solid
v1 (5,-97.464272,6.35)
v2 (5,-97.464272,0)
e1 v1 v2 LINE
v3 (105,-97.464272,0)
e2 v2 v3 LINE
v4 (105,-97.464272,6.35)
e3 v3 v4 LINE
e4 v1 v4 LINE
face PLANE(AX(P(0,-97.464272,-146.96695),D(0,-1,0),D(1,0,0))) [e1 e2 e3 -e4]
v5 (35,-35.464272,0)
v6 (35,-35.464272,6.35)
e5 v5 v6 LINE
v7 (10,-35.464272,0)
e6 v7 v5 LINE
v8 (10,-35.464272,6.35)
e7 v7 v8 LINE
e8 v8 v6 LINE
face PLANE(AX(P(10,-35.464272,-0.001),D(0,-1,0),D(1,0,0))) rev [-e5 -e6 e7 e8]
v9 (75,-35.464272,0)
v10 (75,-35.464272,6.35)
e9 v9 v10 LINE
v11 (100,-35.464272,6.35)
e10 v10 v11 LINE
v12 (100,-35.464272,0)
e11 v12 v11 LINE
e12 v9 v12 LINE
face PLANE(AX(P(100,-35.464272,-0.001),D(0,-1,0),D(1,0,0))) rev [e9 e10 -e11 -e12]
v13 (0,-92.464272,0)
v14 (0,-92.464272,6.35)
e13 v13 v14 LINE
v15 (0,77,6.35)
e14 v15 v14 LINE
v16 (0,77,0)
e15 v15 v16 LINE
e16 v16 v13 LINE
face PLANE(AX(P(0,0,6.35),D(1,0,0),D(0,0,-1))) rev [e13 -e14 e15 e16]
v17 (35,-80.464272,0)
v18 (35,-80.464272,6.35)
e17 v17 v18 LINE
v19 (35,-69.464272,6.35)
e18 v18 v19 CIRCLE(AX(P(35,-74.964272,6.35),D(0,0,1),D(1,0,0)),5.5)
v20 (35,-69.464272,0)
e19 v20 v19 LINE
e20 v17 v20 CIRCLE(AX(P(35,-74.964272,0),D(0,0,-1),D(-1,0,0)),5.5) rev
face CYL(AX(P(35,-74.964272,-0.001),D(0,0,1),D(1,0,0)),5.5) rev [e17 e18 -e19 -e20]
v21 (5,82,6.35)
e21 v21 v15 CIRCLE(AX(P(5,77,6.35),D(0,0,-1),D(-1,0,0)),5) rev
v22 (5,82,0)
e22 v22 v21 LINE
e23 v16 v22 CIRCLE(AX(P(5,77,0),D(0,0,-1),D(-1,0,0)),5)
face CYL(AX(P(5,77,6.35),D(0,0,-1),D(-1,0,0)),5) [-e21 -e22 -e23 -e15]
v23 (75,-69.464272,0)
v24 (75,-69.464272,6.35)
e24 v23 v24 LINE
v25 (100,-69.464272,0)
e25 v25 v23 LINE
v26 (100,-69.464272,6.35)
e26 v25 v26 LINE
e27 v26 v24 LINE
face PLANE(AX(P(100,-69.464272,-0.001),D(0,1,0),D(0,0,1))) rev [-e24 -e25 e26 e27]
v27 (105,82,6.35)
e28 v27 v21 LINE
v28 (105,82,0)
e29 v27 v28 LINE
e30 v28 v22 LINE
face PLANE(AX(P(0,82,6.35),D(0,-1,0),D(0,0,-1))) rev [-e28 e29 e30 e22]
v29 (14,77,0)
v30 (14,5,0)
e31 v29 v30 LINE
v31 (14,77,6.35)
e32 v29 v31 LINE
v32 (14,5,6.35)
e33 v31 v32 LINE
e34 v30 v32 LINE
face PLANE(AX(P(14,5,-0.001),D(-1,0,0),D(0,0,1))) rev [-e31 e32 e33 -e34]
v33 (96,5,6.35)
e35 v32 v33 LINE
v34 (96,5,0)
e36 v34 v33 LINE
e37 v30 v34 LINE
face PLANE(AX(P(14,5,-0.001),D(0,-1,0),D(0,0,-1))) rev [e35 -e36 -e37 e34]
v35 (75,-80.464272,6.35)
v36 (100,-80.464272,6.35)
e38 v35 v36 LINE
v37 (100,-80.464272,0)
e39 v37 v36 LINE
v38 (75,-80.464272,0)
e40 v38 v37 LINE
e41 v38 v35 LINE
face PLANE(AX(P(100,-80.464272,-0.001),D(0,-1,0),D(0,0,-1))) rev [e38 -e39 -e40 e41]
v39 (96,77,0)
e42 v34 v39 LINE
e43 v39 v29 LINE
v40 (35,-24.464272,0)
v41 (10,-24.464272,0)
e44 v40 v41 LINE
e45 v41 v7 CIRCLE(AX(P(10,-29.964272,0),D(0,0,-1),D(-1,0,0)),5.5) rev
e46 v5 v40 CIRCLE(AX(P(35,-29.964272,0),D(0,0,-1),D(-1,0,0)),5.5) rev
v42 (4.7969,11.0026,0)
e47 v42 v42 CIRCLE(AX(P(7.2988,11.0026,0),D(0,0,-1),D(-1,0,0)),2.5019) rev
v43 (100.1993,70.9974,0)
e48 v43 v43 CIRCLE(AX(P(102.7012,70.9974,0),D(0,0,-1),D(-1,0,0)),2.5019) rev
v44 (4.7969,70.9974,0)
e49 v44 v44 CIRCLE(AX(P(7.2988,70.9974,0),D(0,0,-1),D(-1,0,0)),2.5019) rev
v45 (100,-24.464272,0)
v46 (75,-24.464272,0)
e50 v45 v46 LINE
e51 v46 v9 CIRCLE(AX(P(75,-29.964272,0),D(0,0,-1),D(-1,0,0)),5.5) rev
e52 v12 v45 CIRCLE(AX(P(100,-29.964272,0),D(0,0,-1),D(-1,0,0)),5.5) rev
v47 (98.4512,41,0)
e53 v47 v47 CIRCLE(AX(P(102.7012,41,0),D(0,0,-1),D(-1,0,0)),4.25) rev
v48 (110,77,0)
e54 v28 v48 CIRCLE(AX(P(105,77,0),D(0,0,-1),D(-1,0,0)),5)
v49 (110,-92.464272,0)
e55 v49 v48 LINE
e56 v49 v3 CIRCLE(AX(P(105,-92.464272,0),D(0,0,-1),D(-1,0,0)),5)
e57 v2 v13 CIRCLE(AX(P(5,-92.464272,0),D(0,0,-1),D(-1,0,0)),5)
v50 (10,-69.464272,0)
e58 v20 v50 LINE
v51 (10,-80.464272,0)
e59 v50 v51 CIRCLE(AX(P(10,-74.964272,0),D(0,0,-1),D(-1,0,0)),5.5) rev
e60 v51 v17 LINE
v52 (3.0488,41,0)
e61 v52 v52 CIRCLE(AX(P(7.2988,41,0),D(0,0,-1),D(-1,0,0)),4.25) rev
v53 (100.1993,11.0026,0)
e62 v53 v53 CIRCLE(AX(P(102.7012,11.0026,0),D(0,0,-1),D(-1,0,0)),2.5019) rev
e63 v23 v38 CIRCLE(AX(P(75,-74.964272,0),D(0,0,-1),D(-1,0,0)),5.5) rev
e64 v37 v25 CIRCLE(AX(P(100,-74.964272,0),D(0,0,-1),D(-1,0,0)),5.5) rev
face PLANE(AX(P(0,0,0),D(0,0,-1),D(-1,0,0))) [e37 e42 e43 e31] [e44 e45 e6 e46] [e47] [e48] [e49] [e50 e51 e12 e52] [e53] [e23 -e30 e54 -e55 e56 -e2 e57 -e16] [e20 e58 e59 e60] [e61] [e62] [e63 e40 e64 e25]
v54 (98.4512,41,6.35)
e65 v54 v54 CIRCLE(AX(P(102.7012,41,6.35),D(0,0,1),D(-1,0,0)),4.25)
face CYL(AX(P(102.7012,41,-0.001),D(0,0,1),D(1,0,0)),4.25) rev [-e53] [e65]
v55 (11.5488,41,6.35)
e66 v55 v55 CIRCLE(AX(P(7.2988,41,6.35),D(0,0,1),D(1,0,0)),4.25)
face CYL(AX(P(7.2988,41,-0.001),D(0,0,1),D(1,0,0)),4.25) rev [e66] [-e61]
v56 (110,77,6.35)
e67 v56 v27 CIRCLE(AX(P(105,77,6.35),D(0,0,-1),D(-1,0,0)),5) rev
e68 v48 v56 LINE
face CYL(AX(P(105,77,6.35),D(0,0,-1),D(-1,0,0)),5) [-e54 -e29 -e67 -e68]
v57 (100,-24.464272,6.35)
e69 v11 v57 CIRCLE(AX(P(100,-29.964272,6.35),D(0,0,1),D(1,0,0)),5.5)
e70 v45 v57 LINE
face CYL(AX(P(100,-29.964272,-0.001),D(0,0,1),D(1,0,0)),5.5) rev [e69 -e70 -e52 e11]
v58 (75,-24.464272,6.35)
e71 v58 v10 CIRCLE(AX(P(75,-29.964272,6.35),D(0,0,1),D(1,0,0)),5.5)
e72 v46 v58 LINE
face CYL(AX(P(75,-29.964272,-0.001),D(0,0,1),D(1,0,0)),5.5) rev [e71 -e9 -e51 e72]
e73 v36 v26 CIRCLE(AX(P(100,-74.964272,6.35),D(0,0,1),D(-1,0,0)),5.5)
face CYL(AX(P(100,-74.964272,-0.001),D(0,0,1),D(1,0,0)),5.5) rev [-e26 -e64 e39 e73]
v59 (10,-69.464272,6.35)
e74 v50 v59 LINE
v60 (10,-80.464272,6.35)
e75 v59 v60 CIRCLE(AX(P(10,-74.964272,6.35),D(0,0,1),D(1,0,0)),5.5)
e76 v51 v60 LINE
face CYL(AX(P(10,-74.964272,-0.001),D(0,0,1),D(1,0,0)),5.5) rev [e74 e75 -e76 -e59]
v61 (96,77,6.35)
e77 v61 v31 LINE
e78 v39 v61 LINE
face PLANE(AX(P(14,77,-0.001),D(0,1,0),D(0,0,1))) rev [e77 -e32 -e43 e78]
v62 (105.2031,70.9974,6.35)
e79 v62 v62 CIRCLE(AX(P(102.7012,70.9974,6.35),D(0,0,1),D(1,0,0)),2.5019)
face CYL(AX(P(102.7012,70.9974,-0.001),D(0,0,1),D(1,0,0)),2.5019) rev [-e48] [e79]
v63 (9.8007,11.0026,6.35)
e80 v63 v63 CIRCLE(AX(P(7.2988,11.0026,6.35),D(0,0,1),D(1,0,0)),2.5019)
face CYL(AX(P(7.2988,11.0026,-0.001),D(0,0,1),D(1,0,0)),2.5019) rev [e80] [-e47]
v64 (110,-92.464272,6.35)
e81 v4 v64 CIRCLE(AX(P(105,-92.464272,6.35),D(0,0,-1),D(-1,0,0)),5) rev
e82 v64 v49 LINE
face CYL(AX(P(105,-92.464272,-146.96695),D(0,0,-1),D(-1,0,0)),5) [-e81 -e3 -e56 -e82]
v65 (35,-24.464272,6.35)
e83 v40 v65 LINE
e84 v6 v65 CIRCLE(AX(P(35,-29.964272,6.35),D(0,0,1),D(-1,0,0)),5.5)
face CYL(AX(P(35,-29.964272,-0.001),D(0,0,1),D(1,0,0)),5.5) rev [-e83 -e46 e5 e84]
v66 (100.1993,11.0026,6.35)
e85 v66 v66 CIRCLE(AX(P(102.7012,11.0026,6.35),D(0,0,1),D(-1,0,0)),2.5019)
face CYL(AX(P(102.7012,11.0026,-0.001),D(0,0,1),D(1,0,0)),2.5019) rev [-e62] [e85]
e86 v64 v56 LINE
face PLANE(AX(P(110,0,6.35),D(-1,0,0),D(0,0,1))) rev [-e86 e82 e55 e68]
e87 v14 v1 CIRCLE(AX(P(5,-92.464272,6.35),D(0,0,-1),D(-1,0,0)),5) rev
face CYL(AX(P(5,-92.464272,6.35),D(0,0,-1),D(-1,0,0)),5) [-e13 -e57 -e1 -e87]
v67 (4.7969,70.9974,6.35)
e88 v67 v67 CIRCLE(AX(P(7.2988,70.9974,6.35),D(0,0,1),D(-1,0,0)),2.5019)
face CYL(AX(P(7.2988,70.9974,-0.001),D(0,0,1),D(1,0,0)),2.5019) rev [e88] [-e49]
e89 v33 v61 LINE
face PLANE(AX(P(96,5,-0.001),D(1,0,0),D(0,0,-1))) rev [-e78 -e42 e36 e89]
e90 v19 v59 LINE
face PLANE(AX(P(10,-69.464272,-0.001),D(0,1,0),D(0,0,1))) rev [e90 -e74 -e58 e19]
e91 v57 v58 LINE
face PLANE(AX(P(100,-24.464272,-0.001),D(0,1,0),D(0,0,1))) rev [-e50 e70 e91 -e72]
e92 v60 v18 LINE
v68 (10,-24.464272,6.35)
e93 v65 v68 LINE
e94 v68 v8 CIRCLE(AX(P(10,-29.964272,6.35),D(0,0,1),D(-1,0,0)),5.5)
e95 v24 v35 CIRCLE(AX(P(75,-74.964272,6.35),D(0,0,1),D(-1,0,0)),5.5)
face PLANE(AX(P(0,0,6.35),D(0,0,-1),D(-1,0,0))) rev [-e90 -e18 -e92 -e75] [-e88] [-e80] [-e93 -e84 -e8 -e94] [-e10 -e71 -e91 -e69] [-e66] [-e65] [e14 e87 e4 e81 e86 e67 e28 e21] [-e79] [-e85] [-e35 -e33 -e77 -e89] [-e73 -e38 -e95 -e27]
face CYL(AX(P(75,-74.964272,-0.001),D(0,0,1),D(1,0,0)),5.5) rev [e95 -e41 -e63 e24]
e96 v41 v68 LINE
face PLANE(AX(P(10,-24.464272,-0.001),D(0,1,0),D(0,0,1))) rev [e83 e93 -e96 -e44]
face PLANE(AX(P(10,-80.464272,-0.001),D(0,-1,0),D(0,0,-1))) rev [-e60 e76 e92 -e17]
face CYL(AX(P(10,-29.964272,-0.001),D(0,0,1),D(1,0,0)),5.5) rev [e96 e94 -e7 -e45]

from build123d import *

# Parameters (mm, degrees)
SKETCH1_W           = 110
SKETCH1_H           = 82
BOSS_EXTRUDE1_DEPTH = 6.35
CUT_EXTRUDE1_REACH  = 8.35
SKETCH2_W           = 82
SKETCH2_H           = 72
SKETCH3_W           = 110
SKETCH3_H           = 97.464272111
BOSS_EXTRUDE2_DEPTH = 6.35
CUT_EXTRUDE2_REACH  = 8.35
FILLET1_R           = 5
CUT_EXTRUDE3_REACH  = 8.35
SKETCH5_R           = 2.5019
SKETCH5_R_2         = 4.25


with BuildPart() as part:
    # Sketch1 → Boss-Extrude1 (new body)
    with BuildSketch(Plane.XY):
        with Locations((55, 41)):
            Rectangle(SKETCH1_W, SKETCH1_H)
    extrude(amount=BOSS_EXTRUDE1_DEPTH)

    # Sketch2 → Cut-Extrude1 (cut, up to next)
    with BuildSketch(Plane.XY.offset(6.35), mode=Mode.PRIVATE) as cut_extrude1_sk1:
        with Locations((55, 41)):
            Rectangle(SKETCH2_W, SKETCH2_H)
    cut_extrude1_tool1 = extrude(cut_extrude1_sk1.sketch, amount=-CUT_EXTRUDE1_REACH, mode=Mode.PRIVATE) & part.part
    add(cut_extrude1_tool1.solids().sort_by_distance((55, 41, 6.35))[0], mode=Mode.SUBTRACT)

    # Sketch3 → Boss-Extrude2 (add)
    with BuildSketch(Plane.XY.offset(6.35)):
        with Locations((55, -48.732136055)):
            Rectangle(SKETCH3_W, SKETCH3_H)
    extrude(amount=-BOSS_EXTRUDE2_DEPTH)

    # Sketch4 → Cut-Extrude2 (cut, up to next)
    with BuildSketch(Plane.XY.offset(6.35), mode=Mode.PRIVATE) as cut_extrude2_sk1:
        with BuildLine():
            Line((10, -69.464272111), (35, -69.464272111))
            ThreePointArc((35, -69.464272111), (40.5, -74.964272111), (35, -80.464272111))
            Line((35, -80.464272111), (10, -80.464272111))
            ThreePointArc((10, -80.464272111), (4.5, -74.964272111), (10, -69.464272111))
        make_face()
    cut_extrude2_tool1 = extrude(cut_extrude2_sk1.sketch, amount=-CUT_EXTRUDE2_REACH, mode=Mode.PRIVATE) & part.part
    add(cut_extrude2_tool1.solids().sort_by_distance((22.5, -74.964272, 6.35))[0], mode=Mode.SUBTRACT)
    # Sketch4 → Cut-Extrude2 (cut, up to next)
    with BuildSketch(Plane.XY.offset(6.35), mode=Mode.PRIVATE) as cut_extrude2_sk2:
        with BuildLine():
            Line((100, -69.464272111), (75, -69.464272111))
            ThreePointArc((75, -69.464272111), (69.5, -74.964272111), (75, -80.464272111))
            Line((75, -80.464272111), (100, -80.464272111))
            ThreePointArc((100, -80.464272111), (105.5, -74.964272111), (100, -69.464272111))
        make_face()
    cut_extrude2_tool2 = extrude(cut_extrude2_sk2.sketch, amount=-CUT_EXTRUDE2_REACH, mode=Mode.PRIVATE) & part.part
    add(cut_extrude2_tool2.solids().sort_by_distance((87.5, -74.964272, 6.35))[0], mode=Mode.SUBTRACT)
    # Sketch4 → Cut-Extrude2 (cut, up to next)
    with BuildSketch(Plane.XY.offset(6.35), mode=Mode.PRIVATE) as cut_extrude2_sk3:
        with BuildLine():
            Line((10, -35.464272111), (35, -35.464272111))
            ThreePointArc((35, -35.464272111), (40.5, -29.964272111), (35, -24.464272111))
            Line((35, -24.464272111), (10, -24.464272111))
            ThreePointArc((10, -24.464272111), (4.5, -29.964272111), (10, -35.464272111))
        make_face()
    cut_extrude2_tool3 = extrude(cut_extrude2_sk3.sketch, amount=-CUT_EXTRUDE2_REACH, mode=Mode.PRIVATE) & part.part
    add(cut_extrude2_tool3.solids().sort_by_distance((22.5, -29.964272, 6.35))[0], mode=Mode.SUBTRACT)
    # Sketch4 → Cut-Extrude2 (cut, up to next)
    with BuildSketch(Plane.XY.offset(6.35), mode=Mode.PRIVATE) as cut_extrude2_sk4:
        with BuildLine():
            Line((100, -35.464272111), (75, -35.464272111))
            ThreePointArc((75, -35.464272111), (69.5, -29.964272111), (75, -24.464272111))
            Line((75, -24.464272111), (100, -24.464272111))
            ThreePointArc((100, -24.464272111), (105.5, -29.964272111), (100, -35.464272111))
        make_face()
    cut_extrude2_tool4 = extrude(cut_extrude2_sk4.sketch, amount=-CUT_EXTRUDE2_REACH, mode=Mode.PRIVATE) & part.part
    add(cut_extrude2_tool4.solids().sort_by_distance((87.5, -29.964272, 6.35))[0], mode=Mode.SUBTRACT)

    # Fillet1
    fillet1_edges = [part.edges().sort_by_distance(p)[0] for p in [
        (110, -97.464272111, 3.175),
        (0, -97.464272111, 3.175),
        (0, 82, 3.175),
        (110, 82, 3.175),
    ]]
    fillet(fillet1_edges, radius=FILLET1_R)

    # Sketch5 → Cut-Extrude3 (cut, up to next)
    with BuildSketch(Plane.XY.offset(6.35), mode=Mode.PRIVATE) as cut_extrude3_sk1:
        with Locations((7.2988, 11.0026)):
            Circle(SKETCH5_R)
    cut_extrude3_tool1 = extrude(cut_extrude3_sk1.sketch, amount=-CUT_EXTRUDE3_REACH, mode=Mode.PRIVATE) & part.part
    add(cut_extrude3_tool1.solids().sort_by_distance((7.2988, 11.0026, 6.35))[0], mode=Mode.SUBTRACT)
    # Sketch5 → Cut-Extrude3 (cut, up to next)
    with BuildSketch(Plane.XY.offset(6.35), mode=Mode.PRIVATE) as cut_extrude3_sk2:
        with Locations((7.2988, 70.9974)):
            Circle(SKETCH5_R)
    cut_extrude3_tool2 = extrude(cut_extrude3_sk2.sketch, amount=-CUT_EXTRUDE3_REACH, mode=Mode.PRIVATE) & part.part
    add(cut_extrude3_tool2.solids().sort_by_distance((7.2988, 70.9974, 6.35))[0], mode=Mode.SUBTRACT)
    # Sketch5 → Cut-Extrude3 (cut, up to next)
    with BuildSketch(Plane.XY.offset(6.35), mode=Mode.PRIVATE) as cut_extrude3_sk3:
        with Locations((102.7012, 70.9974)):
            Circle(SKETCH5_R)
    cut_extrude3_tool3 = extrude(cut_extrude3_sk3.sketch, amount=-CUT_EXTRUDE3_REACH, mode=Mode.PRIVATE) & part.part
    add(cut_extrude3_tool3.solids().sort_by_distance((102.7012, 70.9974, 6.35))[0], mode=Mode.SUBTRACT)
    # Sketch5 → Cut-Extrude3 (cut, up to next)
    with BuildSketch(Plane.XY.offset(6.35), mode=Mode.PRIVATE) as cut_extrude3_sk4:
        with Locations((102.7012, 11.0026)):
            Circle(SKETCH5_R)
    cut_extrude3_tool4 = extrude(cut_extrude3_sk4.sketch, amount=-CUT_EXTRUDE3_REACH, mode=Mode.PRIVATE) & part.part
    add(cut_extrude3_tool4.solids().sort_by_distance((102.7012, 11.0026, 6.35))[0], mode=Mode.SUBTRACT)
    # Sketch5 → Cut-Extrude3 (cut, up to next)
    with BuildSketch(Plane.XY.offset(6.35), mode=Mode.PRIVATE) as cut_extrude3_sk5:
        with Locations((7.2988, 41)):
            Circle(SKETCH5_R_2)
    cut_extrude3_tool5 = extrude(cut_extrude3_sk5.sketch, amount=-CUT_EXTRUDE3_REACH, mode=Mode.PRIVATE) & part.part
    add(cut_extrude3_tool5.solids().sort_by_distance((7.2988, 41, 6.35))[0], mode=Mode.SUBTRACT)
    # Sketch5 → Cut-Extrude3 (cut, up to next)
    with BuildSketch(Plane.XY.offset(6.35), mode=Mode.PRIVATE) as cut_extrude3_sk6:
        with Locations((102.7012, 41)):
            Circle(SKETCH5_R_2)
    cut_extrude3_tool6 = extrude(cut_extrude3_sk6.sketch, amount=-CUT_EXTRUDE3_REACH, mode=Mode.PRIVATE) & part.part
    add(cut_extrude3_tool6.solids().sort_by_distance((102.7012, 41, 6.35))[0], mode=Mode.SUBTRACT)


solid = part.part
